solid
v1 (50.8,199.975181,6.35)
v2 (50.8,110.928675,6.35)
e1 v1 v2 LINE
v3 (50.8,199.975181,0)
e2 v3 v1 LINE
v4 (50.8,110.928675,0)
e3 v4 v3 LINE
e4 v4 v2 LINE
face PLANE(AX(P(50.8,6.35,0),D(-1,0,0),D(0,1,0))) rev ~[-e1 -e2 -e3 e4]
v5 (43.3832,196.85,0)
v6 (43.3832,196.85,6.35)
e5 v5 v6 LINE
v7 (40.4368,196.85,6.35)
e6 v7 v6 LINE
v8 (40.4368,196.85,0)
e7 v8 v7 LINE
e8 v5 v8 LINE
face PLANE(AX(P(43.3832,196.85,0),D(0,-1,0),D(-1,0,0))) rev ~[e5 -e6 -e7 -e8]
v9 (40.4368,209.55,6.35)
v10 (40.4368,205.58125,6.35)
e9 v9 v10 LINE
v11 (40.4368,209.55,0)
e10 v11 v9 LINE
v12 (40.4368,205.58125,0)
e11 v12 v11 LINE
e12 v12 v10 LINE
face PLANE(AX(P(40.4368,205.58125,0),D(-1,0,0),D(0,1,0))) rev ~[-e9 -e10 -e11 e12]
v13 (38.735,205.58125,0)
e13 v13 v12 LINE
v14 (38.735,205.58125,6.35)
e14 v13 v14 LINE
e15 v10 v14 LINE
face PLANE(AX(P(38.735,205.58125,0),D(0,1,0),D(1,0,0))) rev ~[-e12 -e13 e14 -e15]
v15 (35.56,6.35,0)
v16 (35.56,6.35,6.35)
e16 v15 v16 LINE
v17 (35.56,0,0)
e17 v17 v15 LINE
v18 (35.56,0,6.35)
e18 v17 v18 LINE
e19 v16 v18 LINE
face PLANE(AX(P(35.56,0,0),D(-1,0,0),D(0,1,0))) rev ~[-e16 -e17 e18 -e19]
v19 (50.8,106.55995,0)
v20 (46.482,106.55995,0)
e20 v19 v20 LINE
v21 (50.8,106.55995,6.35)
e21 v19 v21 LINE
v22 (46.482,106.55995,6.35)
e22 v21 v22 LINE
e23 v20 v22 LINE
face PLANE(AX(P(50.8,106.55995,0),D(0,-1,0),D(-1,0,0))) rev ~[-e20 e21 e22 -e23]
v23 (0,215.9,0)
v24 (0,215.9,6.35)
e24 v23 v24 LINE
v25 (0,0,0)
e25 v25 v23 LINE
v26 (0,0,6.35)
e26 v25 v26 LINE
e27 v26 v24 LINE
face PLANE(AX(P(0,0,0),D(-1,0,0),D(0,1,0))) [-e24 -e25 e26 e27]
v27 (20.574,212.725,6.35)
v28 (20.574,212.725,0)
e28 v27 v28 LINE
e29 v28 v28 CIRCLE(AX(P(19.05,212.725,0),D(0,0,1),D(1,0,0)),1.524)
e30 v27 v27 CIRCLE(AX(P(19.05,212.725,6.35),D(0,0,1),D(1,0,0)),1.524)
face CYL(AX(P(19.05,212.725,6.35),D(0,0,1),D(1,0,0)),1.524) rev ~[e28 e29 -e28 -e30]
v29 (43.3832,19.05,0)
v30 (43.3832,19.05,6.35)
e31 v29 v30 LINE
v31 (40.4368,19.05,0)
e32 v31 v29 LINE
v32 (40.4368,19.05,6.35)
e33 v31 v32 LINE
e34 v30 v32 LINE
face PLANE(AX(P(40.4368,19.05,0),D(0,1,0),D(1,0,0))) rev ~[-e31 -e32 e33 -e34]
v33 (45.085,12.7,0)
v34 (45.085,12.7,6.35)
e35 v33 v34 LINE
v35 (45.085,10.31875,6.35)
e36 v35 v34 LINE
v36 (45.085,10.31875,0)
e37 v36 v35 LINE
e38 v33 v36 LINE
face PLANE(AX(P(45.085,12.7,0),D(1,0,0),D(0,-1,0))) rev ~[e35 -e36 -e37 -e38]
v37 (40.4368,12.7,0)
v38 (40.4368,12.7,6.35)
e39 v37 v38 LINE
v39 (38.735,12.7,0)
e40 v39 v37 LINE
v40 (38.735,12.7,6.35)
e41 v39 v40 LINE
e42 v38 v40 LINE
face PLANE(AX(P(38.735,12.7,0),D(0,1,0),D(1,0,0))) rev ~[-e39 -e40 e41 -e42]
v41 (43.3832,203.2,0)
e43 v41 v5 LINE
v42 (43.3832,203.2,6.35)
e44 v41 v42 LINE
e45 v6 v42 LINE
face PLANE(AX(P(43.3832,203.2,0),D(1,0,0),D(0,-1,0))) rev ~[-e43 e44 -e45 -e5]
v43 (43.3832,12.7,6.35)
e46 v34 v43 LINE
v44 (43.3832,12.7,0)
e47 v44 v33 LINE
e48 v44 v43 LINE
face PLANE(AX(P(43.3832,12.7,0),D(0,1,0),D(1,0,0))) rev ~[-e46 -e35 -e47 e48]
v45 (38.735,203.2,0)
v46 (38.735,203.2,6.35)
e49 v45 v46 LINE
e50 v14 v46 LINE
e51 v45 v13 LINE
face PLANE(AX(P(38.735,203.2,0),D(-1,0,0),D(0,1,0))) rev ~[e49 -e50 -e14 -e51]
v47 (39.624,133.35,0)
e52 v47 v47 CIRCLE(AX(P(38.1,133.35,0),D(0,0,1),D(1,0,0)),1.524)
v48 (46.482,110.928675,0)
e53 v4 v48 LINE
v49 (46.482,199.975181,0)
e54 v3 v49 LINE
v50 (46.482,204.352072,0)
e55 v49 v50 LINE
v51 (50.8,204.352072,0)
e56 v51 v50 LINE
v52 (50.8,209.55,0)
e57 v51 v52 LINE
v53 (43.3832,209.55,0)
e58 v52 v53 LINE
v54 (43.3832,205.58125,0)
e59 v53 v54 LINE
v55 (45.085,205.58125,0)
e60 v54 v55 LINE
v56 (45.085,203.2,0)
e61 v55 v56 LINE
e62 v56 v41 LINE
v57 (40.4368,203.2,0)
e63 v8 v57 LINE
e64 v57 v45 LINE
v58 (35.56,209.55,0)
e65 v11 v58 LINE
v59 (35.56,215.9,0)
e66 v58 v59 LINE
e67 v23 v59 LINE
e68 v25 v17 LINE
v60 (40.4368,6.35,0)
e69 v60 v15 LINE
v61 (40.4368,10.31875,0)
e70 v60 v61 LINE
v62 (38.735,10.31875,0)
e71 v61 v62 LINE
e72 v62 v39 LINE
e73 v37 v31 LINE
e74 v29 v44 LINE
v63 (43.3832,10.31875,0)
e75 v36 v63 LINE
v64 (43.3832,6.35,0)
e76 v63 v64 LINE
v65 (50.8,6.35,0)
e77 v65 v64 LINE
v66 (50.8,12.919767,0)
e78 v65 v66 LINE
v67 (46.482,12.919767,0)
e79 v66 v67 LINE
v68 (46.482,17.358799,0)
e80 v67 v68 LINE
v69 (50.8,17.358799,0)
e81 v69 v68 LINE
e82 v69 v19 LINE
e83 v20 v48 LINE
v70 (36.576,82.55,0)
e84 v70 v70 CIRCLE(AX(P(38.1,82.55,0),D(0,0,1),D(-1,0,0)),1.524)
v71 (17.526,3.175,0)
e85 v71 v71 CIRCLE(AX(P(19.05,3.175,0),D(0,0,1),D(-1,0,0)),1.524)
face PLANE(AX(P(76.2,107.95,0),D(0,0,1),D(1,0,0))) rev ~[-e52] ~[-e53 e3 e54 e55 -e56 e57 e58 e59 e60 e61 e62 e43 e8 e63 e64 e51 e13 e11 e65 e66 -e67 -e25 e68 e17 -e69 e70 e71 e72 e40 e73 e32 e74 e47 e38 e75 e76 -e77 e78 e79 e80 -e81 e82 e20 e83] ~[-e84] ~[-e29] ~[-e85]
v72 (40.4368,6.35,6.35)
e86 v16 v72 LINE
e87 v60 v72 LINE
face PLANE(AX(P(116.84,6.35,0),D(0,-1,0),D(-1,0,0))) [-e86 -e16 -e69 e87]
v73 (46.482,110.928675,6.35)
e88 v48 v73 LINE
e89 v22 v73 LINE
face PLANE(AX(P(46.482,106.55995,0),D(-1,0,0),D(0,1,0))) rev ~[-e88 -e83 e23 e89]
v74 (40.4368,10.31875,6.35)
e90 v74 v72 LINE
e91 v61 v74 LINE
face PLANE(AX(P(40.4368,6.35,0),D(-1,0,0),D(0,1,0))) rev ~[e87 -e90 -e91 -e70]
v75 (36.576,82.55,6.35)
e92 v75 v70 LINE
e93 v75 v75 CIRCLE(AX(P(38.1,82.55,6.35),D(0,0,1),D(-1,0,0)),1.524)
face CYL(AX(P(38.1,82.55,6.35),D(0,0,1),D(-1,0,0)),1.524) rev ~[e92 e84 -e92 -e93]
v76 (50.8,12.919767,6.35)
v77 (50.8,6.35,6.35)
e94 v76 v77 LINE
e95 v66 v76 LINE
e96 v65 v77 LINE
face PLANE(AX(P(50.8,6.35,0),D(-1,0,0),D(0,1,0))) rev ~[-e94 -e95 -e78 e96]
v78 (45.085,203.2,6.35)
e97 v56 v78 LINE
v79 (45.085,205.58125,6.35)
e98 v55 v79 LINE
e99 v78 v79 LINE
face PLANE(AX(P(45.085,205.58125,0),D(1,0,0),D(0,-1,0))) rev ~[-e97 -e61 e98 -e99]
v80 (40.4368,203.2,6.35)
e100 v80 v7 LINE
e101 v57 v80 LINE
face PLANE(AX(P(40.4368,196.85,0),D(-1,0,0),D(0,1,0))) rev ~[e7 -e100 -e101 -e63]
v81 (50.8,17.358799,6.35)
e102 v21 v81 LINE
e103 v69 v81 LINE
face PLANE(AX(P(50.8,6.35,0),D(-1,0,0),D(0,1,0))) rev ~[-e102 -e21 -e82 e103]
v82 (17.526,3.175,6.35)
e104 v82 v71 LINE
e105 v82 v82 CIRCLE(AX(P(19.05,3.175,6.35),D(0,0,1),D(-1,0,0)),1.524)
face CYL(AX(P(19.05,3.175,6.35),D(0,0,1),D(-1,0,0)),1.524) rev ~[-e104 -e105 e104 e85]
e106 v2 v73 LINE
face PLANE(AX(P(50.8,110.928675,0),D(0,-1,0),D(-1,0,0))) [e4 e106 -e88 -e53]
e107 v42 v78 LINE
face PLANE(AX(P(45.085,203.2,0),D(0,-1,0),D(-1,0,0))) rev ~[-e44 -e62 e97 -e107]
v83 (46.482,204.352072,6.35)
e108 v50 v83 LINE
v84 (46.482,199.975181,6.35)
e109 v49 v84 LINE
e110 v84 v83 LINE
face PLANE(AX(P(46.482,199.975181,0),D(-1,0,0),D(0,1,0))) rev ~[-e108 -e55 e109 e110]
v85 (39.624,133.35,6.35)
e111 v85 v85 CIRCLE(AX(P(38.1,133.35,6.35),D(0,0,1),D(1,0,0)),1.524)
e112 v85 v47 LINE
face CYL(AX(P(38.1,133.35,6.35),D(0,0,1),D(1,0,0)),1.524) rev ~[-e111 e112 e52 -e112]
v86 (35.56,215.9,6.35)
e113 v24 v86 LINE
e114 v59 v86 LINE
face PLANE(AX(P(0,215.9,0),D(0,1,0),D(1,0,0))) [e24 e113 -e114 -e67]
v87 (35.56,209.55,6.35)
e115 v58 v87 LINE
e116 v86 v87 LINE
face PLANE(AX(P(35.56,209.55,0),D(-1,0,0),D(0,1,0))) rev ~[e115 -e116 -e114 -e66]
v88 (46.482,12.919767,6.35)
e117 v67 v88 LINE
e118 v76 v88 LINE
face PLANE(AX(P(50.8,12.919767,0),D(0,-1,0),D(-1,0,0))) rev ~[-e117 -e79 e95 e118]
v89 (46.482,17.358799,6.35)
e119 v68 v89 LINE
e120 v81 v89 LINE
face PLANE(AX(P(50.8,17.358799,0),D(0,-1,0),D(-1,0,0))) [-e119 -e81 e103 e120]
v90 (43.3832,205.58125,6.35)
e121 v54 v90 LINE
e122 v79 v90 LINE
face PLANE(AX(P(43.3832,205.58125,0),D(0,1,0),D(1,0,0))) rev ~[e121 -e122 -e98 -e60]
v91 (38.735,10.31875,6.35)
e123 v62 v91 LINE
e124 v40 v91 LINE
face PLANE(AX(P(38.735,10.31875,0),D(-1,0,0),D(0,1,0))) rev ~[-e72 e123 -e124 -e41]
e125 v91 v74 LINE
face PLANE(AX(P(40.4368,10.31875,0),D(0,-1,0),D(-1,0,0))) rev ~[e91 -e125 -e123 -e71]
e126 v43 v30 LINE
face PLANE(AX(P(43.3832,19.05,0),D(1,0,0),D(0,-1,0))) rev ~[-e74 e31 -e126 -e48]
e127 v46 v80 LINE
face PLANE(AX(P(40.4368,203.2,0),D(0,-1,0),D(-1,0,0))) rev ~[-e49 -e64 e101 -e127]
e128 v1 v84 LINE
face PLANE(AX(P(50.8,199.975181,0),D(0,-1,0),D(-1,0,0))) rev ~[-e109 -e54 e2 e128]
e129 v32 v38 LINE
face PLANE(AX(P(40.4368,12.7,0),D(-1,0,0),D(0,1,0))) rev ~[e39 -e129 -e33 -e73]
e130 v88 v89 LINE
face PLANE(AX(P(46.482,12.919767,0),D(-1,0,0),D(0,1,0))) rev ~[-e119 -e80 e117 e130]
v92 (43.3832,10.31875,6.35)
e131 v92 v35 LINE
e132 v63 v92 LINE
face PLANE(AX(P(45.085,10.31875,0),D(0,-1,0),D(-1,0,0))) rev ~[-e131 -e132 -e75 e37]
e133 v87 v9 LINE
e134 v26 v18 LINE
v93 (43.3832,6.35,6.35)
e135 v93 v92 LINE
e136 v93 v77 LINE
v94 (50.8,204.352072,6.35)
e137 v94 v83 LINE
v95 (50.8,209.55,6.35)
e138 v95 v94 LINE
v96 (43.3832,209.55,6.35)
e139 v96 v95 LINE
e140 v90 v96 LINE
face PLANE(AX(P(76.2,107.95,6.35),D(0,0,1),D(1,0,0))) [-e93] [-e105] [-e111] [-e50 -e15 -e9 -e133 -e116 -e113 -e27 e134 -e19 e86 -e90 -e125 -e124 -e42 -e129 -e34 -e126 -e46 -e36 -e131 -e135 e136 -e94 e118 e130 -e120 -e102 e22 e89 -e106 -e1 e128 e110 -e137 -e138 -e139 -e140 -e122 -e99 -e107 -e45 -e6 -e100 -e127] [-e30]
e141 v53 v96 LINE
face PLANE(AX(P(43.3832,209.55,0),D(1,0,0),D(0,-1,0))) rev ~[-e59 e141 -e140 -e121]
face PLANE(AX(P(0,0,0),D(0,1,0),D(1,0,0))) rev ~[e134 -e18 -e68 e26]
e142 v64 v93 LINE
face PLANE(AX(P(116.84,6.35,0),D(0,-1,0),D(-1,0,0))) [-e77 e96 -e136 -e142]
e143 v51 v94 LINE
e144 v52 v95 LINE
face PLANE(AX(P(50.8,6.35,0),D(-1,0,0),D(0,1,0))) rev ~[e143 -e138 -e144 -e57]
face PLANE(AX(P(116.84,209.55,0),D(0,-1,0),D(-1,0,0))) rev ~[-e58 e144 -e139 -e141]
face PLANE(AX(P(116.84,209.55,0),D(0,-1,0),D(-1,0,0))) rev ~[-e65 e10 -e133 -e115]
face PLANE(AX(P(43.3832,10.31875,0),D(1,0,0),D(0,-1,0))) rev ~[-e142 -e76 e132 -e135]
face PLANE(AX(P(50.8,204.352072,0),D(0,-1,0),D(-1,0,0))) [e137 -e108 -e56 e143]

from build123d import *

# Parameters (mm, degrees)
SKETCH1_W                                   = 152.4
SKETCH1_H                                   = 215.9
BOSS_EXTRUDE1_DEPTH                         = 6.35
SKETCH2_R                                   = 1.524
CUT_EXTRUDE1_DEPTH                          = 265.346160366
SKETCH4_R                                   = 1.524
CUT_EXTRUDE2_DEPTH                          = 265.346160366
SKETCH5_R                                   = 1.524
CUT_EXTRUDE3_DEPTH                          = 265.346160366
SKETCH9_W                                   = 81.28
SKETCH9_H                                   = 6.35
CUT_EXTRUDE9_DEPTH                          = 265.346160366
CUT_EXTRUDE10_DEPTH                         = 265.346160366
SKETCH11_W                                  = 50.8
SKETCH11_H                                  = 203.2
CUT_EXTRUDE11_DEPTH                         = 61.976
SKETCH13_W                                  = 4.318
SKETCH13_H                                  = 4.439032047
SKETCH13_H_2                                = 4.376890529
CUT_EXTRUDE12_DEPTH                         = 6.35
SKETCH14_W                                  = 4.318
SKETCH14_H                                  = 4.368724603
CUT_EXTRUDE13_DEPTH                         = 6.35
SKETCH15_W                                  = 125.806146595
SKETCH15_H                                  = 228.6
GETTING_RID_OF_TOP_IMPINGES_WITH_DOOR_DEPTH = 265.346160366


with BuildPart() as part:
    # Sketch1 → Boss-Extrude1 (new body)
    with BuildSketch(Plane.XY):
        with Locations((76.2, 107.95)):
            Rectangle(SKETCH1_W, SKETCH1_H)
    extrude(amount=BOSS_EXTRUDE1_DEPTH)

    # Sketch2 → Cut-Extrude1 (cut, through all)
    with BuildSketch(Plane.XY.offset(6.35)):
        with Locations((19.05, 212.725)):
            Circle(SKETCH2_R)
        with Locations(Location((133.35, 212.725, 0), (0, 0, 180))):
            Circle(SKETCH2_R)
        with Locations((133.35, 3.175)):
            Circle(SKETCH2_R)
        with Locations(Location((19.05, 3.175, 0), (0, 0, 180))):
            Circle(SKETCH2_R)
    extrude(amount=-CUT_EXTRUDE1_DEPTH, mode=Mode.SUBTRACT)

    # Sketch4 → Cut-Extrude2 (cut, through all)
    with BuildSketch(Plane.XY.offset(6.35)):
        with Locations(Location((95.25, 133.35, 0), (0, 0, 180))):
            Circle(SKETCH4_R)
        with Locations((95.25, 82.55)):
            Circle(SKETCH4_R)
    extrude(amount=-CUT_EXTRUDE2_DEPTH, mode=Mode.SUBTRACT)

    # Sketch5 → Cut-Extrude3 (cut, through all)
    with BuildSketch(Plane.XY.offset(6.35)):
        with Locations((38.1, 133.35)):
            Circle(SKETCH5_R)
        with Locations(Location((38.1, 82.55, 0), (0, 0, 180))):
            Circle(SKETCH5_R)
    extrude(amount=-CUT_EXTRUDE3_DEPTH, mode=Mode.SUBTRACT)

    # Sketch9 → Cut-Extrude9 (cut, through all)
    with BuildSketch(Plane(origin=(0, 0, 0), x_dir=(-1, 0, 0), z_dir=(0, 0, -1))):
        with Locations((-76.2, 212.725)):
            Rectangle(SKETCH9_W, SKETCH9_H)
        with Locations((-76.2, 3.175)):
            Rectangle(SKETCH9_W, SKETCH9_H)
    extrude(amount=-CUT_EXTRUDE9_DEPTH, mode=Mode.SUBTRACT)

    # Sketch10 → Cut-Extrude10 (cut, through all)
    with BuildSketch(Plane(origin=(0, 0, 0), x_dir=(-1, 0, 0), z_dir=(0, 0, -1))):
        Polygon((-111.9632, 6.35), (-109.0168, 6.35), (-109.0168, 10.31875), (-107.315, 10.31875), (-107.315, 12.7), (-109.0168, 12.7), (-109.0168, 19.05), (-111.9632, 19.05), (-111.9632, 12.7), (-113.665, 12.7), (-113.665, 10.31875), (-111.9632, 10.31875), align=None)
        Polygon((-107.315, 205.58125), (-107.315, 203.2), (-109.0168, 203.2), (-109.0168, 196.85), (-111.9632, 196.85), (-111.9632, 203.2), (-113.665, 203.2), (-113.665, 205.58125), (-111.9632, 205.58125), (-111.9632, 209.55), (-109.0168, 209.55), (-109.0168, 205.58125), align=None)
        Polygon((-43.3832, 205.58125), (-45.085, 205.58125), (-45.085, 203.2), (-43.3832, 203.2), (-43.3832, 196.85), (-40.4368, 196.85), (-40.4368, 203.2), (-38.735, 203.2), (-38.735, 205.58125), (-40.4368, 205.58125), (-40.4368, 209.55), (-43.3832, 209.55), align=None)
        Polygon((-38.735, 10.31875), (-38.735, 12.7), (-40.4368, 12.7), (-40.4368, 19.05), (-43.3832, 19.05), (-43.3832, 12.7), (-45.085, 12.7), (-45.085, 10.31875), (-43.3832, 10.31875), (-43.3832, 6.35), (-40.4368, 6.35), (-40.4368, 10.31875), align=None)
    extrude(amount=-CUT_EXTRUDE10_DEPTH, mode=Mode.SUBTRACT)

    # Sketch11 → Cut-Extrude11 (cut)
    with BuildSketch(Plane(origin=(0, 0, 0), x_dir=(-1, 0, 0), z_dir=(0, 0, -1))):
        with Locations((-76.2, 107.95)):
            Rectangle(SKETCH11_W, SKETCH11_H)
    extrude(amount=-CUT_EXTRUDE11_DEPTH, mode=Mode.SUBTRACT)


with BuildPart() as cut_extrude11_piece_1:
    # of the separate pieces the step leaves, piece 1, a body of its own (cut_extrude11_pieces)
    add(part.part.solids().sort_by_distance((101.6, 209.55, 0))[0])

    # Sketch15 → Getting rid of top, impinges with door (cut, through all)
    with BuildSketch(Plane.XY.offset(6.35)):
        with Locations((143.333722475, 114.3)):
            Rectangle(SKETCH15_W, SKETCH15_H)
    extrude(amount=-GETTING_RID_OF_TOP_IMPINGES_WITH_DOOR_DEPTH, mode=Mode.SUBTRACT)


with BuildPart() as cut_extrude11_piece_2:
    # of the separate pieces the step leaves, piece 2, a body of its own (cut_extrude11_pieces)
    add(part.part.solids().sort_by_distance((0, 0, 0))[0])

    # Sketch13 → Cut-Extrude12 (cut)
    with BuildSketch(Plane(origin=(0, 0, 0), x_dir=(-1, 0, 0), z_dir=(0, 0, -1))):
        with Locations((-48.641, 15.139283389)):
            Rectangle(SKETCH13_W, SKETCH13_H)
        with Locations((-48.641, 202.163626755)):
            Rectangle(SKETCH13_W, SKETCH13_H_2)
    extrude(amount=-CUT_EXTRUDE12_DEPTH, mode=Mode.SUBTRACT)

    # Sketch14 → Cut-Extrude13 (cut)
    with BuildSketch(Plane(origin=(0, 0, 0), x_dir=(-1, 0, 0), z_dir=(0, 0, -1))):
        with Locations((-48.641, 108.744312397)):
            Rectangle(SKETCH14_W, SKETCH14_H)
    extrude(amount=-CUT_EXTRUDE13_DEPTH, mode=Mode.SUBTRACT)


solid = cut_extrude11_piece_2.part
